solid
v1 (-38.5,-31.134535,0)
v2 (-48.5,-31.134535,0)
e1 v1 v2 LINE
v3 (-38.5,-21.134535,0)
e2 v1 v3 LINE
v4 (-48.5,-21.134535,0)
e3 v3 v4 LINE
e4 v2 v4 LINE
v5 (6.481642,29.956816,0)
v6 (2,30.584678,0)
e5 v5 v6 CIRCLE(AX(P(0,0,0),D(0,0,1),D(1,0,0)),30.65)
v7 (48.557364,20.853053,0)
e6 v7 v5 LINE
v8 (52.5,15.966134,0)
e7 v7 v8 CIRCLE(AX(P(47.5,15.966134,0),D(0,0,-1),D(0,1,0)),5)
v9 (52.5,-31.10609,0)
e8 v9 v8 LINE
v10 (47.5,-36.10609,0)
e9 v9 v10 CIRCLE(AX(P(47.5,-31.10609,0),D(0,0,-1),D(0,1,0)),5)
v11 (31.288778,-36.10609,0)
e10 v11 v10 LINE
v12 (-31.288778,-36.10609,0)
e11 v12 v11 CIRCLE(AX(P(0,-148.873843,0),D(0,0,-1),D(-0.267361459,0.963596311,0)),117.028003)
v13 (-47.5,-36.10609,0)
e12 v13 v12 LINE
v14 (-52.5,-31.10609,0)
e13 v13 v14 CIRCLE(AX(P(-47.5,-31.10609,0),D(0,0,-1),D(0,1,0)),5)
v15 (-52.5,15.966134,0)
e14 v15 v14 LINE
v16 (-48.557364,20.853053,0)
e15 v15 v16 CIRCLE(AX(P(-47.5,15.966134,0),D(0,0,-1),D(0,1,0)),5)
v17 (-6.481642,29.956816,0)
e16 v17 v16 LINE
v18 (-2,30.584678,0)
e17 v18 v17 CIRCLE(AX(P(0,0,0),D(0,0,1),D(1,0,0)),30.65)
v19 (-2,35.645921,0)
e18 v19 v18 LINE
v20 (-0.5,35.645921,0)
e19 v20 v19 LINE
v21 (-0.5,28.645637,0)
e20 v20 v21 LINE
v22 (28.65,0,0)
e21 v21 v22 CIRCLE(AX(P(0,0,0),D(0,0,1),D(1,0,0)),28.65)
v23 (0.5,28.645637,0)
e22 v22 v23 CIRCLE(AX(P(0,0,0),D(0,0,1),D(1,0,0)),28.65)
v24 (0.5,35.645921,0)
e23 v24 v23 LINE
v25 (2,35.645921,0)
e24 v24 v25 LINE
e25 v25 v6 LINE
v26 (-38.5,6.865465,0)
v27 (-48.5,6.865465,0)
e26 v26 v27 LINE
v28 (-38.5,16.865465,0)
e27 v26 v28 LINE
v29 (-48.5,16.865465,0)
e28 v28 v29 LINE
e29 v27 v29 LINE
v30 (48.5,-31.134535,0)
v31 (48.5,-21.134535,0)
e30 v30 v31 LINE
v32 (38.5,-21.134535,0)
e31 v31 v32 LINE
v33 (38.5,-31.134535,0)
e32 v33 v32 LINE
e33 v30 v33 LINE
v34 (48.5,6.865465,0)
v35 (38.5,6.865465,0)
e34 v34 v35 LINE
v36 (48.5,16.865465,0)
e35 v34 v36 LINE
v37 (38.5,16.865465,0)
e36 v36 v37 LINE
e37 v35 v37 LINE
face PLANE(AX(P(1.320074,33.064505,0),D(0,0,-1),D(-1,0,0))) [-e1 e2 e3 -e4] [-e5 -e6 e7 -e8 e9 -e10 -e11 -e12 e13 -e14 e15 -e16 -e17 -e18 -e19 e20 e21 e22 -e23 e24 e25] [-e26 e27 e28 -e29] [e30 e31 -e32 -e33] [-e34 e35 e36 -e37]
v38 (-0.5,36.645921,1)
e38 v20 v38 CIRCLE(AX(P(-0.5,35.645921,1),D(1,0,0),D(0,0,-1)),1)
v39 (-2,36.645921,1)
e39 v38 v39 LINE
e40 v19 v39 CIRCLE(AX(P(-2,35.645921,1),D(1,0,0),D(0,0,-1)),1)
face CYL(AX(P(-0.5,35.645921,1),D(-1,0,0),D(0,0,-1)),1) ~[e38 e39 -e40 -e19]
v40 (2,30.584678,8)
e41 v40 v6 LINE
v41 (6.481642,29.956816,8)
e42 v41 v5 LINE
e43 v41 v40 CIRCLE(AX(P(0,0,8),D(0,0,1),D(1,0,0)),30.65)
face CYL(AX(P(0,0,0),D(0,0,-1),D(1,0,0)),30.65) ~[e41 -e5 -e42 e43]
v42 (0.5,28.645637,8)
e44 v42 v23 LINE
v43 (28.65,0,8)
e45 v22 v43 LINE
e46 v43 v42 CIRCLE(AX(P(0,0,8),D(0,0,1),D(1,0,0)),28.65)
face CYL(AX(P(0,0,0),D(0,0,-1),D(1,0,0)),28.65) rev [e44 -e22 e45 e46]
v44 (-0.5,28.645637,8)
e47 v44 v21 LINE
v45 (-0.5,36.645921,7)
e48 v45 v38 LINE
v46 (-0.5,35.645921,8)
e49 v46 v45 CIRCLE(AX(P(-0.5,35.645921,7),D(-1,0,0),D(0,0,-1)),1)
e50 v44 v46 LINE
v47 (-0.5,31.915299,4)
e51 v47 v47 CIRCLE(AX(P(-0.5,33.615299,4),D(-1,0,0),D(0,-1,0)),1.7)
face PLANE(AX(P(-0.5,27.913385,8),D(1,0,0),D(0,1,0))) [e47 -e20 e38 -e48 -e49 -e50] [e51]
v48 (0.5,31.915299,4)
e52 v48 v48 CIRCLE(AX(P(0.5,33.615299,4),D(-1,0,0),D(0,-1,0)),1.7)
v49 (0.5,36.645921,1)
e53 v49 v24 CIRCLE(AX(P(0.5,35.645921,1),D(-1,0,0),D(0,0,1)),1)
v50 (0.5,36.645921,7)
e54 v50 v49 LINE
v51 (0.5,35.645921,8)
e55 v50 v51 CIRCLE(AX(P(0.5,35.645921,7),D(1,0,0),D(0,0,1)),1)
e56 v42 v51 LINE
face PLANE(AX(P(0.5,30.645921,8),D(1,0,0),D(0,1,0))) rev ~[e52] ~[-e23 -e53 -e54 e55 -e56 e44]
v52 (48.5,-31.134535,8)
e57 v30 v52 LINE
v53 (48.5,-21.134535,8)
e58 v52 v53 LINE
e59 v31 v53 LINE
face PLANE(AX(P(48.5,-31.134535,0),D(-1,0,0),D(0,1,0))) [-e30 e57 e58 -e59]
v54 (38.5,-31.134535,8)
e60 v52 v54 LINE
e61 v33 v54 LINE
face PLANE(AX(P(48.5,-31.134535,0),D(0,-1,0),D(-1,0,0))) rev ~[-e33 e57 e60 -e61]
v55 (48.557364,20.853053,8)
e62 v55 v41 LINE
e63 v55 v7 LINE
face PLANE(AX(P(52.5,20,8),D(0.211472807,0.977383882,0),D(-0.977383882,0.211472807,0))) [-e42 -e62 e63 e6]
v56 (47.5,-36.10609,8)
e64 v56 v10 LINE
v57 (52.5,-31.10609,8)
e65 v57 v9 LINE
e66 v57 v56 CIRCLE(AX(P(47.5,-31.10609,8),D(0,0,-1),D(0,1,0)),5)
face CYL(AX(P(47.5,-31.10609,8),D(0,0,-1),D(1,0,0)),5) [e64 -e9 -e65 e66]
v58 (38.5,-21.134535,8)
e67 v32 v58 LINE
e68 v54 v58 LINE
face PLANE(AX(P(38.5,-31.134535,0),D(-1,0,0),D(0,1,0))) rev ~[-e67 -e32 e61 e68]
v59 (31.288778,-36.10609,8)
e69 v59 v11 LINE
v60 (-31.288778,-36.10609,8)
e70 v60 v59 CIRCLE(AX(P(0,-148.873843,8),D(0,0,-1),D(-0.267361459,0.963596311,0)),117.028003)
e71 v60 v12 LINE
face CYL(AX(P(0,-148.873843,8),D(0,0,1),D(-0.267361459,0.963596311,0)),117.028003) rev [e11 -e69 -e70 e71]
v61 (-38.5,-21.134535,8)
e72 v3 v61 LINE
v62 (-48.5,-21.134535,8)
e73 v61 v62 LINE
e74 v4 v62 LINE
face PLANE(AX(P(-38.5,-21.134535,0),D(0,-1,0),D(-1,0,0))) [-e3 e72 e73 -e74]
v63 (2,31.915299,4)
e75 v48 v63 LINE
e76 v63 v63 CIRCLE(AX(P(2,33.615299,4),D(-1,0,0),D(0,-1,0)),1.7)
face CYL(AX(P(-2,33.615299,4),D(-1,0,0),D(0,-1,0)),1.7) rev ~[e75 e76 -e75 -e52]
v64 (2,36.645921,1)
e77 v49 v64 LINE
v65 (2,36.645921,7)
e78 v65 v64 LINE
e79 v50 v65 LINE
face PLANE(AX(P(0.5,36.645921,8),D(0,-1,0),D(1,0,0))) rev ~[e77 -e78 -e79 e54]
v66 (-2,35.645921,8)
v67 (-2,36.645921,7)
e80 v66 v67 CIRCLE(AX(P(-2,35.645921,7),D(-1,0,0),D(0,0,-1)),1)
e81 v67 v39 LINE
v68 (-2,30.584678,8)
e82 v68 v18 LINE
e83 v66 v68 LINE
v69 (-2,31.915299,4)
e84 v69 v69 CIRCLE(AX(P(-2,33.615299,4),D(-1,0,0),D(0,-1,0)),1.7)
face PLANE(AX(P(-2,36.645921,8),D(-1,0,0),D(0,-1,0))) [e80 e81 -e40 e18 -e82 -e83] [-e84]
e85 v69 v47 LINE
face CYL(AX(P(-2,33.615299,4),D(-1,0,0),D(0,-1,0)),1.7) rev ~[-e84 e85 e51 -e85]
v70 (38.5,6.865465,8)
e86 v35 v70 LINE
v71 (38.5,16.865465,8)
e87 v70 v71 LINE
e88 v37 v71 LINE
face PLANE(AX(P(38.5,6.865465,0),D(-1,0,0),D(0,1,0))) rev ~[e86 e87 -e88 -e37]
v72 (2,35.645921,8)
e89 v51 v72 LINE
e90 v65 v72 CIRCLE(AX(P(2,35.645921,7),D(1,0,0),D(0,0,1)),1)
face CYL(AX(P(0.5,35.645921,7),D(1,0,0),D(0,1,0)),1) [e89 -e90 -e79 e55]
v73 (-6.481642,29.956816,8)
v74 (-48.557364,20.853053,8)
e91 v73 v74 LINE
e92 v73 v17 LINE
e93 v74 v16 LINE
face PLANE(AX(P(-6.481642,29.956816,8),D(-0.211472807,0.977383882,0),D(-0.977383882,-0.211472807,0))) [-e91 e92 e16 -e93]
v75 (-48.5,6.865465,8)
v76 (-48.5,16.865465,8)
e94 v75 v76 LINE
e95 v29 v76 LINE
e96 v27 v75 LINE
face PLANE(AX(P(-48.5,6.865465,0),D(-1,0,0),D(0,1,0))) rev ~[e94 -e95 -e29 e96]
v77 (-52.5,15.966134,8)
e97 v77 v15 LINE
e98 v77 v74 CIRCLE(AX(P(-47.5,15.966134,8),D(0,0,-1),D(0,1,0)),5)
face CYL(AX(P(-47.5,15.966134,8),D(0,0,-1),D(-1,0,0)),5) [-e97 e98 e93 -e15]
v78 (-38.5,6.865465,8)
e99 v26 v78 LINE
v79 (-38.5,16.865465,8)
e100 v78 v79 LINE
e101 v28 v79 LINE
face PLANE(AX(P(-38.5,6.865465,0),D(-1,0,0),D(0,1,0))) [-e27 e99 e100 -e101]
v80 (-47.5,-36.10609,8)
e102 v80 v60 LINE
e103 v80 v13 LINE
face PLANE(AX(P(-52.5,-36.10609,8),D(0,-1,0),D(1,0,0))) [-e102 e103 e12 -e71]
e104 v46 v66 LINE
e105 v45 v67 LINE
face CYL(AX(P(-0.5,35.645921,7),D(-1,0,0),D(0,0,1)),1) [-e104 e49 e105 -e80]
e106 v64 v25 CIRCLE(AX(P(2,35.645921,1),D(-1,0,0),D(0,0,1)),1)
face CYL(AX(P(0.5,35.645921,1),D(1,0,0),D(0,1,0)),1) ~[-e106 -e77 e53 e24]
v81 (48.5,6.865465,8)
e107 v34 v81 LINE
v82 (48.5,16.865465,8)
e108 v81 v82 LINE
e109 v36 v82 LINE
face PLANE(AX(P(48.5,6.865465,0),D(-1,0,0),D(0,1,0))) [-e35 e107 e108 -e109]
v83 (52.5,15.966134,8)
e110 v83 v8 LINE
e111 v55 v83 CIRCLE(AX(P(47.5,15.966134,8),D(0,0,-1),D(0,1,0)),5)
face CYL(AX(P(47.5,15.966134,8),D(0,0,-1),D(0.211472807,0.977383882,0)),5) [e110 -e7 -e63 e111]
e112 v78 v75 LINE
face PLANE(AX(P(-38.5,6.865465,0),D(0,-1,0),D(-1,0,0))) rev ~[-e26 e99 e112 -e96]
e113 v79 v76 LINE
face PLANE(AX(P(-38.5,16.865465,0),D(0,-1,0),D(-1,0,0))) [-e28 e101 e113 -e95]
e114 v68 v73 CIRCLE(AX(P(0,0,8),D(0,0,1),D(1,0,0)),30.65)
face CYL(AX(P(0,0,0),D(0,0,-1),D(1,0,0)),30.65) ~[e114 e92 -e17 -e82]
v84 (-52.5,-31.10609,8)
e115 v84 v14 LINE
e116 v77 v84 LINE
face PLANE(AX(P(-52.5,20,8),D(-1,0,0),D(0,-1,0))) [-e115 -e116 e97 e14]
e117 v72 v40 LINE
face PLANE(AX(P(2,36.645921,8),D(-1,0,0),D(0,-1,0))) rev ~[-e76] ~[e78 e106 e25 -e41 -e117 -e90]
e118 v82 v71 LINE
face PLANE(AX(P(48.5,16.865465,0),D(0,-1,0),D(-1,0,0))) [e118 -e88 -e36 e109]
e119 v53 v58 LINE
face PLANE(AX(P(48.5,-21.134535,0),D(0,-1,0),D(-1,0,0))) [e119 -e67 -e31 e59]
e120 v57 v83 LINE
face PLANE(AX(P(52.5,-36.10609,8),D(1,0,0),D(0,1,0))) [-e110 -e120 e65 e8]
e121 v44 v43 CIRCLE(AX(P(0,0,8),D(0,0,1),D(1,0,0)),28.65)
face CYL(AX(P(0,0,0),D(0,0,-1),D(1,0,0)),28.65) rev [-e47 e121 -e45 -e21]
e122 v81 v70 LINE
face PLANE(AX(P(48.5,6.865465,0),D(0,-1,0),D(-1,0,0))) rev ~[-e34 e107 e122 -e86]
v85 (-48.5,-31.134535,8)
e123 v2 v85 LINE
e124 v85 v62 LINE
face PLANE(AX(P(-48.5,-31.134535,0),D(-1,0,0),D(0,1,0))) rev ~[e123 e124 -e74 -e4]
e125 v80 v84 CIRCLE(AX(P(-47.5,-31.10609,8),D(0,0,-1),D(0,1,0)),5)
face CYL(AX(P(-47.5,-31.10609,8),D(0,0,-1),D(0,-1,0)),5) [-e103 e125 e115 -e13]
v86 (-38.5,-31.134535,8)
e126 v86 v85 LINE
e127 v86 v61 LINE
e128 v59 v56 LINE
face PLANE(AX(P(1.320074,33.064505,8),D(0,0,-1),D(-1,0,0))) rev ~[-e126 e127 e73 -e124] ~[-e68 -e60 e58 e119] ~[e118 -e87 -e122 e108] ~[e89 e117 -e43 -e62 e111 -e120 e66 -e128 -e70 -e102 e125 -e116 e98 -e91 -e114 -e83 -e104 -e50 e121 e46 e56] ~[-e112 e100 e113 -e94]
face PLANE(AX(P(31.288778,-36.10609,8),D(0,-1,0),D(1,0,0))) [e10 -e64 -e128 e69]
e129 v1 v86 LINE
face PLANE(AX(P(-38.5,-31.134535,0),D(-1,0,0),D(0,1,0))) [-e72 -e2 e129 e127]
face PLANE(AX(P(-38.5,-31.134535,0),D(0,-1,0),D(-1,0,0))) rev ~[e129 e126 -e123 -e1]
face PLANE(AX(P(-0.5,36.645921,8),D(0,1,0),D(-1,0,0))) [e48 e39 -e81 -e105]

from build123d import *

# Parameters (mm, degrees)
SKIZZE1_R                       = 30.65
SKIZZE1_R_2                     = 28.65
AUFSATZ_LINEAR_AUSTRAGEN1_DEPTH = 8
AUFSATZ_LINEAR_AUSTRAGEN2_DEPTH = 8
SKIZZE3_W                       = 1
SKIZZE3_H                       = 2.855309686
SCHNITT_LINEAR_AUSTRAGEN1_DEPTH = 10
AUFSATZ_LINEAR_AUSTRAGEN3_DEPTH = 8
SKIZZE5_R                       = 1.7
SCHNITT_LINEAR_AUSTRAGEN2_DEPTH = 8
VERRUNDUNG2_R                   = 1
SKIZZE7_W                       = 10
SKIZZE7_H                       = 10
SCHNITT_LINEAR_AUSTRAGEN4_DEPTH = 10
VERRUNDUNG3_R                   = 5


with BuildPart() as part:
    # Skizze1 → Aufsatz-Linear austragen1 (new body)
    with BuildSketch(Plane.XY):
        Circle(SKIZZE1_R)
        Circle(SKIZZE1_R_2, mode=Mode.SUBTRACT)
    extrude(amount=AUFSATZ_LINEAR_AUSTRAGEN1_DEPTH)

    # Skizze2 → Aufsatz-Linear austragen2 (add)
    with BuildSketch(Plane.XY.offset(8)):
        with BuildLine():
            Line((52.5, -36.106090228), (52.5, 20))
            Line((52.5, 20), (6.481641536, 29.956815969))
            Line((6.481641536, 29.956815969), (6.460494255, 29.859077581))
            ThreePointArc((6.460494255, 29.859077581), (26.986544825, -14.318830203), (-21.103143411, -22.089812995))
            ThreePointArc((-21.103143411, -22.089812995), (-29.404257147, 8.288073457), (-6.460494255, 29.859077581))
            Line((-6.460494255, 29.859077581), (-6.481641536, 29.956815969))
            Line((-6.481641536, 29.956815969), (-52.5, 20))
            Line((-52.5, 20), (-52.5, -36.106090228))
            Line((-52.5, -36.106090228), (-31.288777705, -36.106090228))
            ThreePointArc((-31.288777705, -36.106090228), (0, -31.845839174), (31.288777705, -36.106090228))
            Line((31.288777705, -36.106090228), (52.5, -36.106090228))
        make_face()
    extrude(amount=-AUFSATZ_LINEAR_AUSTRAGEN2_DEPTH)

    # Skizze3 → Schnitt-Linear austragen1 (cut)
    with BuildSketch(Plane.XY.offset(8)):
        with Locations((0, 29.34103969)):
            Rectangle(SKIZZE3_W, SKIZZE3_H)
    extrude(amount=-SCHNITT_LINEAR_AUSTRAGEN1_DEPTH, mode=Mode.SUBTRACT)

    # Skizze4 → Aufsatz-Linear austragen3 (add)
    with BuildSketch(Plane.XY.offset(8)):
        Polygon((0.5, 30.645921425), (0.5, 36.645921425), (2, 36.645921425), (2, 29.02715443), align=None)
        Polygon((-2, 29.02715443), (-0.5, 30.645921425), (-0.5, 36.645921425), (-2, 36.645921425), align=None)
    extrude(amount=-AUFSATZ_LINEAR_AUSTRAGEN3_DEPTH)

    # Skizze5 → Schnitt-Linear austragen2 (cut)
    with BuildSketch(Plane.ZY.offset(2)):
        with Locations(Location((4, 33.615299481, 0), (0, 0, 270))):
            Circle(SKIZZE5_R)
    extrude(amount=-SCHNITT_LINEAR_AUSTRAGEN2_DEPTH, mode=Mode.SUBTRACT)

    # Verrundung2
    verrundung2_edges = [part.edges().sort_by_distance(p)[0] for p in [
        (1.25, 36.645921425, 8),
        (1.25, 36.645921425, 0),
        (-1.25, 36.645921425, 8),
        (-1.25, 36.645921425, 0),
    ]]
    fillet(verrundung2_edges, radius=VERRUNDUNG2_R)

    # Skizze7 → Schnitt-Linear austragen4 (cut)
    with BuildSketch(Plane(origin=(0, 0, 0), x_dir=(-1, 0, 0), z_dir=(0, 0, -1))):
        with Locations((-43.5, 11.86546468)):
            Rectangle(SKIZZE7_W, SKIZZE7_H)
        with Locations((-43.5, -26.13453532)):
            Rectangle(SKIZZE7_W, SKIZZE7_H)
        with Locations((43.5, -26.13453532)):
            Rectangle(SKIZZE7_W, SKIZZE7_H)
        with Locations((43.5, 11.86546468)):
            Rectangle(SKIZZE7_W, SKIZZE7_H)
    extrude(amount=-SCHNITT_LINEAR_AUSTRAGEN4_DEPTH, mode=Mode.SUBTRACT)

    # Verrundung3
    verrundung3_edges = [part.edges().sort_by_distance(p)[0] for p in [
        (52.5, 20, 4),
        (52.5, -36.106090228, 4),
        (-52.5, -36.106090228, 4),
        (-52.5, 20, 4),
    ]]
    fillet(verrundung3_edges, radius=VERRUNDUNG3_R)


solid = part.part
